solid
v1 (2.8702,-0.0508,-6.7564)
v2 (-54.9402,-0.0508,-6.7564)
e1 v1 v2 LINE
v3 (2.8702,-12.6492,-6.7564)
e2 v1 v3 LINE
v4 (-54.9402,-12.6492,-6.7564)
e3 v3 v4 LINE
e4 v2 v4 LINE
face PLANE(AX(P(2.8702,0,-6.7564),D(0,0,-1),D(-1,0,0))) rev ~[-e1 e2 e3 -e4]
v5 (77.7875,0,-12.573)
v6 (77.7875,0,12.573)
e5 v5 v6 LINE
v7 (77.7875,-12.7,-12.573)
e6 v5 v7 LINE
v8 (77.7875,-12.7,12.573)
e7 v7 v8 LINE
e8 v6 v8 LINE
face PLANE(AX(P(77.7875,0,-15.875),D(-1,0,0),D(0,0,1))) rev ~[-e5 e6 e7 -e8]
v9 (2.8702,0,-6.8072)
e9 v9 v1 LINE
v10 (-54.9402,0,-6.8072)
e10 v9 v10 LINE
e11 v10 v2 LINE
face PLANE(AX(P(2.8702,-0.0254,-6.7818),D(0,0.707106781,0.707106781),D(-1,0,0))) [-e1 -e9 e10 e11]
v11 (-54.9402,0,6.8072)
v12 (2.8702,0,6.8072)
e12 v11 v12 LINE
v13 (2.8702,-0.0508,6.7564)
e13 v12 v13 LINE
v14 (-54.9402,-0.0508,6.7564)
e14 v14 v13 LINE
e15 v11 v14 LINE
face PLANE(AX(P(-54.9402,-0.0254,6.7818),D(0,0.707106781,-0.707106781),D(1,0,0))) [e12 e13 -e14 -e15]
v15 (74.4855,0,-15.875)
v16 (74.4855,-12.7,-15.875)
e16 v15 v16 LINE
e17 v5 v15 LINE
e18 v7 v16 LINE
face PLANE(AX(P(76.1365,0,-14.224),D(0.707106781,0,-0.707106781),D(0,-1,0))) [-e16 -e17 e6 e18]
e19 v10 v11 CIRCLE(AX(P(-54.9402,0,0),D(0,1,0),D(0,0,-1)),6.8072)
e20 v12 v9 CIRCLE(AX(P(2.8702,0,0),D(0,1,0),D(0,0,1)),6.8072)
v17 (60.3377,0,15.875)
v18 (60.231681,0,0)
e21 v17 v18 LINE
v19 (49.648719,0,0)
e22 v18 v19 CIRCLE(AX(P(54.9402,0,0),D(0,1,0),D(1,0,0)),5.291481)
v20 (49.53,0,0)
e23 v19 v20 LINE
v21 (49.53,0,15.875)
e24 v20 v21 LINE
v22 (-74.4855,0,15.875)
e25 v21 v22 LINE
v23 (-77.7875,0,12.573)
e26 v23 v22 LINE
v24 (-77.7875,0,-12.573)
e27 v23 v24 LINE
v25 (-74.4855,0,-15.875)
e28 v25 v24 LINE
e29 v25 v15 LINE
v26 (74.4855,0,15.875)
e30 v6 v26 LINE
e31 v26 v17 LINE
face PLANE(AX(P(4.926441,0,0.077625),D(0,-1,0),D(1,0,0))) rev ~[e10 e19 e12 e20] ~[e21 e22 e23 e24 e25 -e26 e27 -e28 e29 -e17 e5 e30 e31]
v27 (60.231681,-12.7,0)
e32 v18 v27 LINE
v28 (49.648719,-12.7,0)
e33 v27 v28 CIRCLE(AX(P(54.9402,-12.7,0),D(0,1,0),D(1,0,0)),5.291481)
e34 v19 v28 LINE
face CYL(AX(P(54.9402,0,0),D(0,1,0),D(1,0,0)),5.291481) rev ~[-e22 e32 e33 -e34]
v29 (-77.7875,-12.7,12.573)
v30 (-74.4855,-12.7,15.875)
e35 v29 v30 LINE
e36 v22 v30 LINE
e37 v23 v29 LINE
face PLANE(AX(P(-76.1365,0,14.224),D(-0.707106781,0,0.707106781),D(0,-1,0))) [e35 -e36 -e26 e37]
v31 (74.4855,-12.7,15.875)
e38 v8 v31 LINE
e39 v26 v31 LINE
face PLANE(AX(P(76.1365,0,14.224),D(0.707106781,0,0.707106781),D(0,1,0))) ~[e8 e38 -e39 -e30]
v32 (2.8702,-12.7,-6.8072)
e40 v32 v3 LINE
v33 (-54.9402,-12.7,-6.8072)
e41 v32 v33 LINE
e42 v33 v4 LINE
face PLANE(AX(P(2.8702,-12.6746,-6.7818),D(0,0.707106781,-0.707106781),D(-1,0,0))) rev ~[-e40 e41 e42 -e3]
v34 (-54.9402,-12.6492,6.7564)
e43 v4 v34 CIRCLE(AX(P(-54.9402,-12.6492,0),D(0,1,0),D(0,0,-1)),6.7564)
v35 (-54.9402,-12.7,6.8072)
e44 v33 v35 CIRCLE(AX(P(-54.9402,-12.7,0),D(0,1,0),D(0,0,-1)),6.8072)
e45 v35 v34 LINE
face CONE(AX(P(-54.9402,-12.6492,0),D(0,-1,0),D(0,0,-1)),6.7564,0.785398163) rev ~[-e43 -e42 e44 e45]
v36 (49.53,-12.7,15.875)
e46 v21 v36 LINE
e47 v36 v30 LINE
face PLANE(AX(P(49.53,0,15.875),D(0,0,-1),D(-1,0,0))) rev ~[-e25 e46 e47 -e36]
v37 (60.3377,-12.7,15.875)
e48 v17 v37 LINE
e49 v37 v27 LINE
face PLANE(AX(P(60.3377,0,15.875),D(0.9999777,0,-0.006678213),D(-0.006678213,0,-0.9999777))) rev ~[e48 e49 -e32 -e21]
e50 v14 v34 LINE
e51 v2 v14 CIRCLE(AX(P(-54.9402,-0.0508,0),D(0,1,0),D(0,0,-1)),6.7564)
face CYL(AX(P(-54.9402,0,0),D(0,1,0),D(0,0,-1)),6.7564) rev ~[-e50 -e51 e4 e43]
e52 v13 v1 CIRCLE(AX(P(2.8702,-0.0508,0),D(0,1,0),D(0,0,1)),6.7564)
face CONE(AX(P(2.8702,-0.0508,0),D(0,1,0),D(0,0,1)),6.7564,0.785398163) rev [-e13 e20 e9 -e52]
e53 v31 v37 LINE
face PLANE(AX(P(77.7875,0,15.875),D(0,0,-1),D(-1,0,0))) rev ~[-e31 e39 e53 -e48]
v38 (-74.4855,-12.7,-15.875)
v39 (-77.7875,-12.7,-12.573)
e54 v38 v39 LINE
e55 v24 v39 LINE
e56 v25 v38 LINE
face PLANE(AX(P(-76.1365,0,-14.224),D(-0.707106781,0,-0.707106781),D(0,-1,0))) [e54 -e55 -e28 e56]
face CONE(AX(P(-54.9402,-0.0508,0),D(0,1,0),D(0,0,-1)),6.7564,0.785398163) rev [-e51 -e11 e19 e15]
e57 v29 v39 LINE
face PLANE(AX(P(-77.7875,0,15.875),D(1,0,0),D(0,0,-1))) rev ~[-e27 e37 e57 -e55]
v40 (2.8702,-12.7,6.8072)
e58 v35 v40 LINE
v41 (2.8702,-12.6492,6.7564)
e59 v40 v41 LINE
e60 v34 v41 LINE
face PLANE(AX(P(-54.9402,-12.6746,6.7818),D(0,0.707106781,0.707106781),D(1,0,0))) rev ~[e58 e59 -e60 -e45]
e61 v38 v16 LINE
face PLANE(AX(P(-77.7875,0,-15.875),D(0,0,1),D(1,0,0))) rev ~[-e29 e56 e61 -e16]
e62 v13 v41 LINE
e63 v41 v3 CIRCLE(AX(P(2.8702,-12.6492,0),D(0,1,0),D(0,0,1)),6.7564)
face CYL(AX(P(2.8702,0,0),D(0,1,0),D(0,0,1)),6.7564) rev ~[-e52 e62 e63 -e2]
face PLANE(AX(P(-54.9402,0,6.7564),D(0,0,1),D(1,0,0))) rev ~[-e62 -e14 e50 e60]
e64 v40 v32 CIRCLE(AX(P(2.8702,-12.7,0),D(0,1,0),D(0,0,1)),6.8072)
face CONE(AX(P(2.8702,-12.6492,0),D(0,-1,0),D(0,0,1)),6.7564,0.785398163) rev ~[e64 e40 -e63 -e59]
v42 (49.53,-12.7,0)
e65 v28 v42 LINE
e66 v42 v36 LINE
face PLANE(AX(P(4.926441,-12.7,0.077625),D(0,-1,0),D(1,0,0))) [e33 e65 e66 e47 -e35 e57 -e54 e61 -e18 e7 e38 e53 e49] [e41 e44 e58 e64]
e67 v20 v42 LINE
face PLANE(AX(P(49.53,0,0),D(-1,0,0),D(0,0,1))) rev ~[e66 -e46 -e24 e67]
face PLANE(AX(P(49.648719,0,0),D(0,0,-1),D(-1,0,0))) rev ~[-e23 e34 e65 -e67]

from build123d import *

# Parameters (mm, degrees)
F1_DEPTH = 12.7
F2_SIZE  = 3.302
F3_SIZE  = 0.0508


with BuildPart() as f1:
    # F0 (on Front) → F1 (new body)
    with BuildSketch(Plane.XZ):
        with BuildLine():
            Line((77.7875, -15.875), (77.7875, 15.875))
            Line((77.7875, 15.875), (60.3377, 15.875))
            Line((60.3377, 15.875), (60.231681, 0))
            ThreePointArc((60.231681, 0), (54.9402, -5.291481), (49.648719, 0))
            Line((49.648719, 0), (49.53, 0))
            Line((49.53, 0), (49.53, 15.875))
            Line((49.53, 15.875), (-77.7875, 15.875))
            Line((-77.7875, 15.875), (-77.7875, -15.875))
            Line((-77.7875, -15.875), (77.7875, -15.875))
        make_face()
        with BuildLine():
            Line((2.8702, -6.7564), (-54.9402, -6.7564))
            ThreePointArc((-54.9402, -6.7564), (-61.6966, 0), (-54.9402, 6.7564))
            Line((-54.9402, 6.7564), (2.8702, 6.7564))
            ThreePointArc((2.8702, 6.7564), (9.6266, 0), (2.8702, -6.7564))
        make_face(mode=Mode.SUBTRACT)
    extrude(amount=F1_DEPTH)

    # F2
    f2_edges = [f1.edges().sort_by_distance(p)[0] for p in [
        (-77.7875, -6.35, 15.875),
        (-77.7875, -6.35, -15.875),
        (77.7875, -6.35, -15.875),
        (77.7875, -6.35, 15.875),
    ]]
    chamfer(f2_edges, length=F2_SIZE)

    # F3
    f3_edges = [f1.edges().sort_by_distance(p)[0] for p in [
        (-26.035, -12.7, 6.7564),
        (-61.6966, -12.7, 0),
        (-26.035, -12.7, -6.7564),
        (9.6266, -12.7, 0),
        (-61.6966, 0, 0),
        (-26.035, 0, -6.7564),
        (-26.035, 0, 6.7564),
        (9.6266, 0, 0),
    ]]
    chamfer(f3_edges, length=F3_SIZE)


solid = f1.part
